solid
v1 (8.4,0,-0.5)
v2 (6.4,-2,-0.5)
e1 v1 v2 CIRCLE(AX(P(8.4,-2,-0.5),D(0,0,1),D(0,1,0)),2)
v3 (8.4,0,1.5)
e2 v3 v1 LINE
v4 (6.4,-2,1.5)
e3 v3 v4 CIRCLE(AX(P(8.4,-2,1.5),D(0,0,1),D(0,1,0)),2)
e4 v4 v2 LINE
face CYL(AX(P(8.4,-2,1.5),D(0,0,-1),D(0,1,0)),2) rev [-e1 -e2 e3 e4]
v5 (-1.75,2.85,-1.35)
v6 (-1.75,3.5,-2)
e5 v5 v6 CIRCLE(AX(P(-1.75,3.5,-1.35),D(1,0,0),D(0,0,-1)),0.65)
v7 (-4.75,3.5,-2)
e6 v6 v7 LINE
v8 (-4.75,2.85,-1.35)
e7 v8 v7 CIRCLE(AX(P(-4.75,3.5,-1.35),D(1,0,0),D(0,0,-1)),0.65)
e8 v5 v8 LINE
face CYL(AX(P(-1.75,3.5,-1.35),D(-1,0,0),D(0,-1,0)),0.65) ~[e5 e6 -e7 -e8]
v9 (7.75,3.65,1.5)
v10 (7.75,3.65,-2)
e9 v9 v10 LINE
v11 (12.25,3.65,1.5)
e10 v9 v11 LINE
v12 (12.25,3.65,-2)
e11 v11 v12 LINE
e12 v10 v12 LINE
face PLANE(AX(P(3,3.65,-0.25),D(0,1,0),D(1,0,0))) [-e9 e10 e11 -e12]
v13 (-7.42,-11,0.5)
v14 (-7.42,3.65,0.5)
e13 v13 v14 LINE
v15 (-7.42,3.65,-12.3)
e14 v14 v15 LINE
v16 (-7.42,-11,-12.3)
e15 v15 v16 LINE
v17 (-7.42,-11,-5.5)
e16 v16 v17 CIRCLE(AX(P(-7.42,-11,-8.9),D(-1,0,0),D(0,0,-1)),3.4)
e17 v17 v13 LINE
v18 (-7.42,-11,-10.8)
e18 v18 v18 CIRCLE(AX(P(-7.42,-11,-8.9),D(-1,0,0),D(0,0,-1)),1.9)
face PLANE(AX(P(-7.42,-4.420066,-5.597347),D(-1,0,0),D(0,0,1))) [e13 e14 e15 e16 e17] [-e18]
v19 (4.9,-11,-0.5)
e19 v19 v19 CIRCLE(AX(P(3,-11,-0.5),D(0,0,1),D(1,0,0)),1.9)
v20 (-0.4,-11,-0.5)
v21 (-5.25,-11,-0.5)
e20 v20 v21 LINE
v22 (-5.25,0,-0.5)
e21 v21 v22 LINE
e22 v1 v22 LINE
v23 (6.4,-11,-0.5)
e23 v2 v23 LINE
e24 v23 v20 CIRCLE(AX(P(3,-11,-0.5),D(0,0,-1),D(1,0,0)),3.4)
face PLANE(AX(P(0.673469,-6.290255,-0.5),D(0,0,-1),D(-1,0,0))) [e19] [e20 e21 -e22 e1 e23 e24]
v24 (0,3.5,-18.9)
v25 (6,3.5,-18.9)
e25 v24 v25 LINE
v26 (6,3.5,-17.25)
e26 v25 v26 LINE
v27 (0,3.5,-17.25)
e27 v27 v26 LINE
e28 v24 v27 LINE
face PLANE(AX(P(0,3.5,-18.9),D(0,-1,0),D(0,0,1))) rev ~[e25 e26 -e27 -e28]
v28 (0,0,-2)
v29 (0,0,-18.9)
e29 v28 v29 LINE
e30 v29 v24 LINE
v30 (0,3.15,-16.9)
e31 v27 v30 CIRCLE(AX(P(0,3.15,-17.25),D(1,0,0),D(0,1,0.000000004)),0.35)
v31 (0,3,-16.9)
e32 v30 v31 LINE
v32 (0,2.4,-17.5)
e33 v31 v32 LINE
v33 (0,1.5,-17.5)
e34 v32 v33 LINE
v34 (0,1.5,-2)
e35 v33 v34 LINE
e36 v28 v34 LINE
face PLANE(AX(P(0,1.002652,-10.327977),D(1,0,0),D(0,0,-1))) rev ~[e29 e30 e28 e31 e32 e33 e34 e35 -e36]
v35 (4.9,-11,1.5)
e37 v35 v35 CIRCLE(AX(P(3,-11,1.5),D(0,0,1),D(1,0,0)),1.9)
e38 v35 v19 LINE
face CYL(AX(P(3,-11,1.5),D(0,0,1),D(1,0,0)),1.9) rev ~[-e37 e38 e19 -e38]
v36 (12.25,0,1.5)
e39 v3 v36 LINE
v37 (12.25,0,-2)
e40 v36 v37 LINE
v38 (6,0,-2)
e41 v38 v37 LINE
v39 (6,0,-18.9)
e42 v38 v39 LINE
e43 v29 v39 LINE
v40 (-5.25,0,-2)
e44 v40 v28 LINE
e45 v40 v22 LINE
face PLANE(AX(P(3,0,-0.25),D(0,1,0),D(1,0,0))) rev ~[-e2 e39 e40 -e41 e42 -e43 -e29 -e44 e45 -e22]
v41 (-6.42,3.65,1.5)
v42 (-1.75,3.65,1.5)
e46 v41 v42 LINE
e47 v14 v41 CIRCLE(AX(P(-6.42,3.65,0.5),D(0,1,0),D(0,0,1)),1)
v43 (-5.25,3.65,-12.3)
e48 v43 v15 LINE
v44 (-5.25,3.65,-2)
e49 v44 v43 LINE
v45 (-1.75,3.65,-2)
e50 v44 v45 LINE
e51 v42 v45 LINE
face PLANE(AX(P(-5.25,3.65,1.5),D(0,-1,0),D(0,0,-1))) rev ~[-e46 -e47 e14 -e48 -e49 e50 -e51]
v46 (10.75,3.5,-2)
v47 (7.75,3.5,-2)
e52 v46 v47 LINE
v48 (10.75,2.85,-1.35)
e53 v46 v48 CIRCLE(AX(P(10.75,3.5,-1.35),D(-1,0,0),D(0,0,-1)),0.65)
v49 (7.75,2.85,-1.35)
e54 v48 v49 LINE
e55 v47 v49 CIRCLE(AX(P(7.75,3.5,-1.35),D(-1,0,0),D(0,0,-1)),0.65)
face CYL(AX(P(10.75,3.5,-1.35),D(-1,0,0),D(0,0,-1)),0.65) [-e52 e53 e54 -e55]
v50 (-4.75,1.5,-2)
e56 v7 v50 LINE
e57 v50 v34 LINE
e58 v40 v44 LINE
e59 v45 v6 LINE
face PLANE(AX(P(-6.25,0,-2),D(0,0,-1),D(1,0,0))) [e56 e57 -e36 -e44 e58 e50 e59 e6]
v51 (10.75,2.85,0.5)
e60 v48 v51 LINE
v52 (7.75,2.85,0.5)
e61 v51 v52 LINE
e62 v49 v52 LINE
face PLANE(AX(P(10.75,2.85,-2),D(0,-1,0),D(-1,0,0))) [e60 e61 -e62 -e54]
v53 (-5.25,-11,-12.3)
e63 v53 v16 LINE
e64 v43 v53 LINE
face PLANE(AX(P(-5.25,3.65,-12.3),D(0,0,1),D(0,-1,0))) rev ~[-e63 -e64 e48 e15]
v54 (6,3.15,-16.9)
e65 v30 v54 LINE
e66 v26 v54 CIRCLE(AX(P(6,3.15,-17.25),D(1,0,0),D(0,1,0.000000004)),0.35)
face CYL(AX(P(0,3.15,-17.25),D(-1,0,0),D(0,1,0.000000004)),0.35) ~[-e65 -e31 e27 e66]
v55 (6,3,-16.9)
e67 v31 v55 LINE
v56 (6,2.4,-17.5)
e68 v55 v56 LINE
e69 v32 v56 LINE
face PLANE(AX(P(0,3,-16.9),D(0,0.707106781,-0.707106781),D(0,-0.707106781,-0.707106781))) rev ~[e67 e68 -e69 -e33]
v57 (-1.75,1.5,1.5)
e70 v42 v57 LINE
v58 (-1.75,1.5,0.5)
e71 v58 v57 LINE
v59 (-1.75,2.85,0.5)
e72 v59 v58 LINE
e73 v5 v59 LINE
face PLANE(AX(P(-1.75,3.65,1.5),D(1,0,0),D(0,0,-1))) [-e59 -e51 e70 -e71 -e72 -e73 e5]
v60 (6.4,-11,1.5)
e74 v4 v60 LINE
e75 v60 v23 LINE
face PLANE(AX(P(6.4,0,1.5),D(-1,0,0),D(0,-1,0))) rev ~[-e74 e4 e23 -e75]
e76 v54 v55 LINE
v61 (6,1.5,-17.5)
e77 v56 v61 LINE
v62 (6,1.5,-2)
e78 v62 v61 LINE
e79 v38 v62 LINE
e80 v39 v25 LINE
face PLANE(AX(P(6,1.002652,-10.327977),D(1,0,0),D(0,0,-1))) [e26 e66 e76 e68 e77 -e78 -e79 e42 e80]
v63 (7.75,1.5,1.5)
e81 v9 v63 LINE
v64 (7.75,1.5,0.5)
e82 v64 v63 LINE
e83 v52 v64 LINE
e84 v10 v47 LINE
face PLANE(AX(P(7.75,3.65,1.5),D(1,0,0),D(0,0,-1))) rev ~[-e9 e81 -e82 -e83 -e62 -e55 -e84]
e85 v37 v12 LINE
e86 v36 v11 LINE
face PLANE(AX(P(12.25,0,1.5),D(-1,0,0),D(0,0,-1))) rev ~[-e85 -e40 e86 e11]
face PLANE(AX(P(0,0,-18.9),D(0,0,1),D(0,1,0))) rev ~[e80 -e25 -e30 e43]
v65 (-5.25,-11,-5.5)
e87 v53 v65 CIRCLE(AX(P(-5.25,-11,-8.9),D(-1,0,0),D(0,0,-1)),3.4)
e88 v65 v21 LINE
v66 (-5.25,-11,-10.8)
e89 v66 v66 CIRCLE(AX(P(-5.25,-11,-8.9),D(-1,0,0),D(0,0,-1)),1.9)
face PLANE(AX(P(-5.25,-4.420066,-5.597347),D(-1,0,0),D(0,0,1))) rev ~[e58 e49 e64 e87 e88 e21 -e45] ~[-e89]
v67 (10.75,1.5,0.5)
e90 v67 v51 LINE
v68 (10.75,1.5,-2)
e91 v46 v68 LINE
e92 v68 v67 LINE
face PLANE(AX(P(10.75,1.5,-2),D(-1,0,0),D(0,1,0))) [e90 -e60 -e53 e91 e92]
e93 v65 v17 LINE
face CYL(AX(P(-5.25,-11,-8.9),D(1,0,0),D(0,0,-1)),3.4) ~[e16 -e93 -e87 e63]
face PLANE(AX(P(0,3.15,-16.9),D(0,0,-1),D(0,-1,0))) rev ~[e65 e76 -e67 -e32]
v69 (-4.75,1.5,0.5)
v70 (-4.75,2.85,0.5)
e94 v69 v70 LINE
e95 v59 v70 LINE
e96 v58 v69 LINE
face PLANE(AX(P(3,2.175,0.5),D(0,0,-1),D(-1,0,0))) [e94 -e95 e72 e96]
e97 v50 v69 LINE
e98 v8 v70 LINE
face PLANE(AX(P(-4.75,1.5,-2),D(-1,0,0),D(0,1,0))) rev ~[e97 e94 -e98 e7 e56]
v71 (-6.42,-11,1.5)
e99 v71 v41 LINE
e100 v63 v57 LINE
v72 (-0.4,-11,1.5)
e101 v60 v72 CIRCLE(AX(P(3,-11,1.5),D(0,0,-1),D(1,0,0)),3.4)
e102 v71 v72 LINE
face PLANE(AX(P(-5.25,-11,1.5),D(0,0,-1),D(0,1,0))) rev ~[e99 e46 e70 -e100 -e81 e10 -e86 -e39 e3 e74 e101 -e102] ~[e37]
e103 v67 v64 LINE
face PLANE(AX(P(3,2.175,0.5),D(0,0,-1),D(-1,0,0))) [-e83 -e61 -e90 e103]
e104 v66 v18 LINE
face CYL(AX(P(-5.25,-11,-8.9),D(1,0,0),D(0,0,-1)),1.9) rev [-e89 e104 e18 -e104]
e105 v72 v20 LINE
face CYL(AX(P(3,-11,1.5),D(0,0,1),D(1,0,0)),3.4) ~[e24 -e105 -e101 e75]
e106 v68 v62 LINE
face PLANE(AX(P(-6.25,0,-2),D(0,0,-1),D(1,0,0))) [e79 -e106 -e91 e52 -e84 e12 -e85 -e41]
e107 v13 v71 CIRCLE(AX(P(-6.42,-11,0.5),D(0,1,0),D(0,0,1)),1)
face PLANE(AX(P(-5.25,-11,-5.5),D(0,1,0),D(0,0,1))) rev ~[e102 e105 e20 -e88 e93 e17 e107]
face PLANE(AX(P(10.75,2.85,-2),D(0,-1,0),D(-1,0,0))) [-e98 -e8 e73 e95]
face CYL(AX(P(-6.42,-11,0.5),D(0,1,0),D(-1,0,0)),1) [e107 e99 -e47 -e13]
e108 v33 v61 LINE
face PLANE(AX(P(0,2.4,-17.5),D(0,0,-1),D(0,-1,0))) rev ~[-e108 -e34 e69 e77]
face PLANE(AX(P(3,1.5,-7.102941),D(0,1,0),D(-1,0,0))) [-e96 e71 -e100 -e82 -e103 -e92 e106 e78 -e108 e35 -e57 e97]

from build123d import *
from OCP.BRepFilletAPI import BRepFilletAPI_MakeFillet

# Parameters (mm, degrees)
BOSS_EXTRUDE1_DEPTH      = 6
BOSS_EXTRUDE2_DEPTH      = 2.15
BOSS_EXTRUDE2_DEPTH_BACK = 1.5
SKETCH3_W                = 18.5
SKETCH3_H                = 3.5
SKETCH4_W                = 15.5
SKETCH4_H                = 1.35
CUT_EXTRUDE1_DEPTH       = 2.5
CUT_EXTRUDE2_REACH       = 24.817
SKETCH5_W                = 9.5
SKETCH5_H                = 5
FILLET1_R                = 0.65
SKETCH6_R                = 1.9
BOSS_EXTRUDE3_DEPTH      = 2
BOSS_EXTRUDE4_DEPTH      = 1.17
BOSS_EXTRUDE4_DEPTH_BACK = 1
SKETCH7_R                = 1.9
FILLET2_R1               = 1
FILLET2_R2               = 2


with BuildPart() as part:
    # Sketch2 → Boss-Extrude1 (new body)
    with BuildSketch(Plane(origin=(0, 0, 0), x_dir=(0, 0, -1), z_dir=(1, 0, 0))):
        with BuildLine():
            Line((0, 0), (18.9, 0))
            Line((18.9, 0), (18.9, 3.5))
            Line((18.9, 3.5), (17.25, 3.5))
            ThreePointArc((17.25, 3.5), (17.002512627, 3.397487373), (16.9, 3.15))
            Line((16.9, 3.15), (16.9, 3))
            Line((16.9, 3), (17.5, 2.4))
            Line((17.5, 2.4), (17.5, 1.5))
            Line((17.5, 1.5), (0, 1.5))
            Line((0, 1.5), (0, 0))
        make_face()
    extrude(amount=BOSS_EXTRUDE1_DEPTH)

    # Sketch3 → Boss-Extrude2 (add, two sides: drawn at the far end of the back side and taken through both)
    with BuildSketch(Plane(origin=(0, 1.5, 0), x_dir=(1, 0, 0), z_dir=(0, 1, 0)).offset(-BOSS_EXTRUDE2_DEPTH_BACK)):
        with Locations((3, 0.25)):
            Rectangle(SKETCH3_W, SKETCH3_H)
    extrude(amount=BOSS_EXTRUDE2_DEPTH + BOSS_EXTRUDE2_DEPTH_BACK)

    # Sketch4 → Cut-Extrude1 (cut)
    with BuildSketch(Plane(origin=(0, 0, -2), x_dir=(-1, 0, 0), z_dir=(0, 0, -1))):
        with Locations((-3, 2.175)):
            Rectangle(SKETCH4_W, SKETCH4_H)
    extrude(amount=-CUT_EXTRUDE1_DEPTH, mode=Mode.SUBTRACT)

    # Cut-Extrude2: up to this face of the body (flat: up to its plane)
    cut_extrude2_end = Plane(part.part.faces().sort_by_distance((3, 1.5, -7.102941176))[0])
    # Sketch5 → Cut-Extrude2 (cut, up to the picked face)
    with BuildSketch(Plane(origin=(0, 3.65, 0), x_dir=(1, 0, 0), z_dir=(0, 1, 0)), mode=Mode.PRIVATE) as cut_extrude2_sk1:
        with Locations((3, 1)):
            Rectangle(SKETCH5_W, SKETCH5_H)
    cut_extrude2_tool1 = split(extrude(cut_extrude2_sk1.sketch, amount=-CUT_EXTRUDE2_REACH, mode=Mode.PRIVATE), bisect_by=cut_extrude2_end, keep=Keep.BOTH, mode=Mode.PRIVATE)
    add(cut_extrude2_tool1.solids().sort_by(Axis((3, 3.65, -1), (0, -1, 0)))[0], mode=Mode.SUBTRACT)

    # Fillet1
    fillet1_edges = [part.edges().sort_by_distance(p)[0] for p in [
        (-3.25, 2.85, -2),
        (9.25, 2.85, -2),
    ]]
    fillet(fillet1_edges, radius=FILLET1_R)

    # Sketch6 → Boss-Extrude3 (add)
    with BuildSketch(Plane.XY.offset(1.5)):
        with BuildLine():
            Line((-5.4, 0), (6.4, 0))
            Line((6.4, 0), (6.4, -11))
            ThreePointArc((6.4, -11), (3, -14.4), (-0.4, -11))
            Line((-0.4, -11), (-5.4, -11))
            Line((-5.4, -11), (-5.4, 0))
        make_face()
        with Locations((3, -11)):
            Circle(SKETCH6_R, mode=Mode.SUBTRACT)
    extrude(amount=-BOSS_EXTRUDE3_DEPTH)

    # Sketch7 → Boss-Extrude4 (add, two sides: drawn at the far end of the back side and taken through both)
    with BuildSketch(Plane.ZY.offset(6.25).offset(-BOSS_EXTRUDE4_DEPTH_BACK)):
        with BuildLine():
            Line((1.5, 3.65), (-12.3, 3.65))
            Line((-12.3, 3.65), (-12.3, -11))
            ThreePointArc((-12.3, -11), (-8.9, -14.4), (-5.5, -11))
            Line((-5.5, -11), (1.5, -11))
            Line((1.5, -11), (1.5, 3.65))
        make_face()
        with Locations(Location((-8.9, -11, 0), (0, 0, 180))):
            Circle(SKETCH7_R, mode=Mode.SUBTRACT)
    extrude(amount=BOSS_EXTRUDE4_DEPTH + BOSS_EXTRUDE4_DEPTH_BACK)

    # Fillet2: one fillet with a radius per group of edges: ONE call of the kernel's fillet builder (fillet() takes one radius for all edges)
    fillet2_edges_1 = [part.edges().sort_by_distance(p)[0] for p in [
        (-7.42, -3.675, 1.5),
    ]]
    fillet2_edges_2 = [part.edges().sort_by_distance(p)[0] for p in [
        (6.4, 0, 0.5),
    ]]
    fillet2 = BRepFilletAPI_MakeFillet(part.part.solid().wrapped)
    for e in fillet2_edges_1:
        fillet2.Add(FILLET2_R1, e.wrapped)
    for e in fillet2_edges_2:
        fillet2.Add(FILLET2_R2, e.wrapped)
    add(Compound.cast(fillet2.Shape()), mode=Mode.REPLACE)


solid = part.part
